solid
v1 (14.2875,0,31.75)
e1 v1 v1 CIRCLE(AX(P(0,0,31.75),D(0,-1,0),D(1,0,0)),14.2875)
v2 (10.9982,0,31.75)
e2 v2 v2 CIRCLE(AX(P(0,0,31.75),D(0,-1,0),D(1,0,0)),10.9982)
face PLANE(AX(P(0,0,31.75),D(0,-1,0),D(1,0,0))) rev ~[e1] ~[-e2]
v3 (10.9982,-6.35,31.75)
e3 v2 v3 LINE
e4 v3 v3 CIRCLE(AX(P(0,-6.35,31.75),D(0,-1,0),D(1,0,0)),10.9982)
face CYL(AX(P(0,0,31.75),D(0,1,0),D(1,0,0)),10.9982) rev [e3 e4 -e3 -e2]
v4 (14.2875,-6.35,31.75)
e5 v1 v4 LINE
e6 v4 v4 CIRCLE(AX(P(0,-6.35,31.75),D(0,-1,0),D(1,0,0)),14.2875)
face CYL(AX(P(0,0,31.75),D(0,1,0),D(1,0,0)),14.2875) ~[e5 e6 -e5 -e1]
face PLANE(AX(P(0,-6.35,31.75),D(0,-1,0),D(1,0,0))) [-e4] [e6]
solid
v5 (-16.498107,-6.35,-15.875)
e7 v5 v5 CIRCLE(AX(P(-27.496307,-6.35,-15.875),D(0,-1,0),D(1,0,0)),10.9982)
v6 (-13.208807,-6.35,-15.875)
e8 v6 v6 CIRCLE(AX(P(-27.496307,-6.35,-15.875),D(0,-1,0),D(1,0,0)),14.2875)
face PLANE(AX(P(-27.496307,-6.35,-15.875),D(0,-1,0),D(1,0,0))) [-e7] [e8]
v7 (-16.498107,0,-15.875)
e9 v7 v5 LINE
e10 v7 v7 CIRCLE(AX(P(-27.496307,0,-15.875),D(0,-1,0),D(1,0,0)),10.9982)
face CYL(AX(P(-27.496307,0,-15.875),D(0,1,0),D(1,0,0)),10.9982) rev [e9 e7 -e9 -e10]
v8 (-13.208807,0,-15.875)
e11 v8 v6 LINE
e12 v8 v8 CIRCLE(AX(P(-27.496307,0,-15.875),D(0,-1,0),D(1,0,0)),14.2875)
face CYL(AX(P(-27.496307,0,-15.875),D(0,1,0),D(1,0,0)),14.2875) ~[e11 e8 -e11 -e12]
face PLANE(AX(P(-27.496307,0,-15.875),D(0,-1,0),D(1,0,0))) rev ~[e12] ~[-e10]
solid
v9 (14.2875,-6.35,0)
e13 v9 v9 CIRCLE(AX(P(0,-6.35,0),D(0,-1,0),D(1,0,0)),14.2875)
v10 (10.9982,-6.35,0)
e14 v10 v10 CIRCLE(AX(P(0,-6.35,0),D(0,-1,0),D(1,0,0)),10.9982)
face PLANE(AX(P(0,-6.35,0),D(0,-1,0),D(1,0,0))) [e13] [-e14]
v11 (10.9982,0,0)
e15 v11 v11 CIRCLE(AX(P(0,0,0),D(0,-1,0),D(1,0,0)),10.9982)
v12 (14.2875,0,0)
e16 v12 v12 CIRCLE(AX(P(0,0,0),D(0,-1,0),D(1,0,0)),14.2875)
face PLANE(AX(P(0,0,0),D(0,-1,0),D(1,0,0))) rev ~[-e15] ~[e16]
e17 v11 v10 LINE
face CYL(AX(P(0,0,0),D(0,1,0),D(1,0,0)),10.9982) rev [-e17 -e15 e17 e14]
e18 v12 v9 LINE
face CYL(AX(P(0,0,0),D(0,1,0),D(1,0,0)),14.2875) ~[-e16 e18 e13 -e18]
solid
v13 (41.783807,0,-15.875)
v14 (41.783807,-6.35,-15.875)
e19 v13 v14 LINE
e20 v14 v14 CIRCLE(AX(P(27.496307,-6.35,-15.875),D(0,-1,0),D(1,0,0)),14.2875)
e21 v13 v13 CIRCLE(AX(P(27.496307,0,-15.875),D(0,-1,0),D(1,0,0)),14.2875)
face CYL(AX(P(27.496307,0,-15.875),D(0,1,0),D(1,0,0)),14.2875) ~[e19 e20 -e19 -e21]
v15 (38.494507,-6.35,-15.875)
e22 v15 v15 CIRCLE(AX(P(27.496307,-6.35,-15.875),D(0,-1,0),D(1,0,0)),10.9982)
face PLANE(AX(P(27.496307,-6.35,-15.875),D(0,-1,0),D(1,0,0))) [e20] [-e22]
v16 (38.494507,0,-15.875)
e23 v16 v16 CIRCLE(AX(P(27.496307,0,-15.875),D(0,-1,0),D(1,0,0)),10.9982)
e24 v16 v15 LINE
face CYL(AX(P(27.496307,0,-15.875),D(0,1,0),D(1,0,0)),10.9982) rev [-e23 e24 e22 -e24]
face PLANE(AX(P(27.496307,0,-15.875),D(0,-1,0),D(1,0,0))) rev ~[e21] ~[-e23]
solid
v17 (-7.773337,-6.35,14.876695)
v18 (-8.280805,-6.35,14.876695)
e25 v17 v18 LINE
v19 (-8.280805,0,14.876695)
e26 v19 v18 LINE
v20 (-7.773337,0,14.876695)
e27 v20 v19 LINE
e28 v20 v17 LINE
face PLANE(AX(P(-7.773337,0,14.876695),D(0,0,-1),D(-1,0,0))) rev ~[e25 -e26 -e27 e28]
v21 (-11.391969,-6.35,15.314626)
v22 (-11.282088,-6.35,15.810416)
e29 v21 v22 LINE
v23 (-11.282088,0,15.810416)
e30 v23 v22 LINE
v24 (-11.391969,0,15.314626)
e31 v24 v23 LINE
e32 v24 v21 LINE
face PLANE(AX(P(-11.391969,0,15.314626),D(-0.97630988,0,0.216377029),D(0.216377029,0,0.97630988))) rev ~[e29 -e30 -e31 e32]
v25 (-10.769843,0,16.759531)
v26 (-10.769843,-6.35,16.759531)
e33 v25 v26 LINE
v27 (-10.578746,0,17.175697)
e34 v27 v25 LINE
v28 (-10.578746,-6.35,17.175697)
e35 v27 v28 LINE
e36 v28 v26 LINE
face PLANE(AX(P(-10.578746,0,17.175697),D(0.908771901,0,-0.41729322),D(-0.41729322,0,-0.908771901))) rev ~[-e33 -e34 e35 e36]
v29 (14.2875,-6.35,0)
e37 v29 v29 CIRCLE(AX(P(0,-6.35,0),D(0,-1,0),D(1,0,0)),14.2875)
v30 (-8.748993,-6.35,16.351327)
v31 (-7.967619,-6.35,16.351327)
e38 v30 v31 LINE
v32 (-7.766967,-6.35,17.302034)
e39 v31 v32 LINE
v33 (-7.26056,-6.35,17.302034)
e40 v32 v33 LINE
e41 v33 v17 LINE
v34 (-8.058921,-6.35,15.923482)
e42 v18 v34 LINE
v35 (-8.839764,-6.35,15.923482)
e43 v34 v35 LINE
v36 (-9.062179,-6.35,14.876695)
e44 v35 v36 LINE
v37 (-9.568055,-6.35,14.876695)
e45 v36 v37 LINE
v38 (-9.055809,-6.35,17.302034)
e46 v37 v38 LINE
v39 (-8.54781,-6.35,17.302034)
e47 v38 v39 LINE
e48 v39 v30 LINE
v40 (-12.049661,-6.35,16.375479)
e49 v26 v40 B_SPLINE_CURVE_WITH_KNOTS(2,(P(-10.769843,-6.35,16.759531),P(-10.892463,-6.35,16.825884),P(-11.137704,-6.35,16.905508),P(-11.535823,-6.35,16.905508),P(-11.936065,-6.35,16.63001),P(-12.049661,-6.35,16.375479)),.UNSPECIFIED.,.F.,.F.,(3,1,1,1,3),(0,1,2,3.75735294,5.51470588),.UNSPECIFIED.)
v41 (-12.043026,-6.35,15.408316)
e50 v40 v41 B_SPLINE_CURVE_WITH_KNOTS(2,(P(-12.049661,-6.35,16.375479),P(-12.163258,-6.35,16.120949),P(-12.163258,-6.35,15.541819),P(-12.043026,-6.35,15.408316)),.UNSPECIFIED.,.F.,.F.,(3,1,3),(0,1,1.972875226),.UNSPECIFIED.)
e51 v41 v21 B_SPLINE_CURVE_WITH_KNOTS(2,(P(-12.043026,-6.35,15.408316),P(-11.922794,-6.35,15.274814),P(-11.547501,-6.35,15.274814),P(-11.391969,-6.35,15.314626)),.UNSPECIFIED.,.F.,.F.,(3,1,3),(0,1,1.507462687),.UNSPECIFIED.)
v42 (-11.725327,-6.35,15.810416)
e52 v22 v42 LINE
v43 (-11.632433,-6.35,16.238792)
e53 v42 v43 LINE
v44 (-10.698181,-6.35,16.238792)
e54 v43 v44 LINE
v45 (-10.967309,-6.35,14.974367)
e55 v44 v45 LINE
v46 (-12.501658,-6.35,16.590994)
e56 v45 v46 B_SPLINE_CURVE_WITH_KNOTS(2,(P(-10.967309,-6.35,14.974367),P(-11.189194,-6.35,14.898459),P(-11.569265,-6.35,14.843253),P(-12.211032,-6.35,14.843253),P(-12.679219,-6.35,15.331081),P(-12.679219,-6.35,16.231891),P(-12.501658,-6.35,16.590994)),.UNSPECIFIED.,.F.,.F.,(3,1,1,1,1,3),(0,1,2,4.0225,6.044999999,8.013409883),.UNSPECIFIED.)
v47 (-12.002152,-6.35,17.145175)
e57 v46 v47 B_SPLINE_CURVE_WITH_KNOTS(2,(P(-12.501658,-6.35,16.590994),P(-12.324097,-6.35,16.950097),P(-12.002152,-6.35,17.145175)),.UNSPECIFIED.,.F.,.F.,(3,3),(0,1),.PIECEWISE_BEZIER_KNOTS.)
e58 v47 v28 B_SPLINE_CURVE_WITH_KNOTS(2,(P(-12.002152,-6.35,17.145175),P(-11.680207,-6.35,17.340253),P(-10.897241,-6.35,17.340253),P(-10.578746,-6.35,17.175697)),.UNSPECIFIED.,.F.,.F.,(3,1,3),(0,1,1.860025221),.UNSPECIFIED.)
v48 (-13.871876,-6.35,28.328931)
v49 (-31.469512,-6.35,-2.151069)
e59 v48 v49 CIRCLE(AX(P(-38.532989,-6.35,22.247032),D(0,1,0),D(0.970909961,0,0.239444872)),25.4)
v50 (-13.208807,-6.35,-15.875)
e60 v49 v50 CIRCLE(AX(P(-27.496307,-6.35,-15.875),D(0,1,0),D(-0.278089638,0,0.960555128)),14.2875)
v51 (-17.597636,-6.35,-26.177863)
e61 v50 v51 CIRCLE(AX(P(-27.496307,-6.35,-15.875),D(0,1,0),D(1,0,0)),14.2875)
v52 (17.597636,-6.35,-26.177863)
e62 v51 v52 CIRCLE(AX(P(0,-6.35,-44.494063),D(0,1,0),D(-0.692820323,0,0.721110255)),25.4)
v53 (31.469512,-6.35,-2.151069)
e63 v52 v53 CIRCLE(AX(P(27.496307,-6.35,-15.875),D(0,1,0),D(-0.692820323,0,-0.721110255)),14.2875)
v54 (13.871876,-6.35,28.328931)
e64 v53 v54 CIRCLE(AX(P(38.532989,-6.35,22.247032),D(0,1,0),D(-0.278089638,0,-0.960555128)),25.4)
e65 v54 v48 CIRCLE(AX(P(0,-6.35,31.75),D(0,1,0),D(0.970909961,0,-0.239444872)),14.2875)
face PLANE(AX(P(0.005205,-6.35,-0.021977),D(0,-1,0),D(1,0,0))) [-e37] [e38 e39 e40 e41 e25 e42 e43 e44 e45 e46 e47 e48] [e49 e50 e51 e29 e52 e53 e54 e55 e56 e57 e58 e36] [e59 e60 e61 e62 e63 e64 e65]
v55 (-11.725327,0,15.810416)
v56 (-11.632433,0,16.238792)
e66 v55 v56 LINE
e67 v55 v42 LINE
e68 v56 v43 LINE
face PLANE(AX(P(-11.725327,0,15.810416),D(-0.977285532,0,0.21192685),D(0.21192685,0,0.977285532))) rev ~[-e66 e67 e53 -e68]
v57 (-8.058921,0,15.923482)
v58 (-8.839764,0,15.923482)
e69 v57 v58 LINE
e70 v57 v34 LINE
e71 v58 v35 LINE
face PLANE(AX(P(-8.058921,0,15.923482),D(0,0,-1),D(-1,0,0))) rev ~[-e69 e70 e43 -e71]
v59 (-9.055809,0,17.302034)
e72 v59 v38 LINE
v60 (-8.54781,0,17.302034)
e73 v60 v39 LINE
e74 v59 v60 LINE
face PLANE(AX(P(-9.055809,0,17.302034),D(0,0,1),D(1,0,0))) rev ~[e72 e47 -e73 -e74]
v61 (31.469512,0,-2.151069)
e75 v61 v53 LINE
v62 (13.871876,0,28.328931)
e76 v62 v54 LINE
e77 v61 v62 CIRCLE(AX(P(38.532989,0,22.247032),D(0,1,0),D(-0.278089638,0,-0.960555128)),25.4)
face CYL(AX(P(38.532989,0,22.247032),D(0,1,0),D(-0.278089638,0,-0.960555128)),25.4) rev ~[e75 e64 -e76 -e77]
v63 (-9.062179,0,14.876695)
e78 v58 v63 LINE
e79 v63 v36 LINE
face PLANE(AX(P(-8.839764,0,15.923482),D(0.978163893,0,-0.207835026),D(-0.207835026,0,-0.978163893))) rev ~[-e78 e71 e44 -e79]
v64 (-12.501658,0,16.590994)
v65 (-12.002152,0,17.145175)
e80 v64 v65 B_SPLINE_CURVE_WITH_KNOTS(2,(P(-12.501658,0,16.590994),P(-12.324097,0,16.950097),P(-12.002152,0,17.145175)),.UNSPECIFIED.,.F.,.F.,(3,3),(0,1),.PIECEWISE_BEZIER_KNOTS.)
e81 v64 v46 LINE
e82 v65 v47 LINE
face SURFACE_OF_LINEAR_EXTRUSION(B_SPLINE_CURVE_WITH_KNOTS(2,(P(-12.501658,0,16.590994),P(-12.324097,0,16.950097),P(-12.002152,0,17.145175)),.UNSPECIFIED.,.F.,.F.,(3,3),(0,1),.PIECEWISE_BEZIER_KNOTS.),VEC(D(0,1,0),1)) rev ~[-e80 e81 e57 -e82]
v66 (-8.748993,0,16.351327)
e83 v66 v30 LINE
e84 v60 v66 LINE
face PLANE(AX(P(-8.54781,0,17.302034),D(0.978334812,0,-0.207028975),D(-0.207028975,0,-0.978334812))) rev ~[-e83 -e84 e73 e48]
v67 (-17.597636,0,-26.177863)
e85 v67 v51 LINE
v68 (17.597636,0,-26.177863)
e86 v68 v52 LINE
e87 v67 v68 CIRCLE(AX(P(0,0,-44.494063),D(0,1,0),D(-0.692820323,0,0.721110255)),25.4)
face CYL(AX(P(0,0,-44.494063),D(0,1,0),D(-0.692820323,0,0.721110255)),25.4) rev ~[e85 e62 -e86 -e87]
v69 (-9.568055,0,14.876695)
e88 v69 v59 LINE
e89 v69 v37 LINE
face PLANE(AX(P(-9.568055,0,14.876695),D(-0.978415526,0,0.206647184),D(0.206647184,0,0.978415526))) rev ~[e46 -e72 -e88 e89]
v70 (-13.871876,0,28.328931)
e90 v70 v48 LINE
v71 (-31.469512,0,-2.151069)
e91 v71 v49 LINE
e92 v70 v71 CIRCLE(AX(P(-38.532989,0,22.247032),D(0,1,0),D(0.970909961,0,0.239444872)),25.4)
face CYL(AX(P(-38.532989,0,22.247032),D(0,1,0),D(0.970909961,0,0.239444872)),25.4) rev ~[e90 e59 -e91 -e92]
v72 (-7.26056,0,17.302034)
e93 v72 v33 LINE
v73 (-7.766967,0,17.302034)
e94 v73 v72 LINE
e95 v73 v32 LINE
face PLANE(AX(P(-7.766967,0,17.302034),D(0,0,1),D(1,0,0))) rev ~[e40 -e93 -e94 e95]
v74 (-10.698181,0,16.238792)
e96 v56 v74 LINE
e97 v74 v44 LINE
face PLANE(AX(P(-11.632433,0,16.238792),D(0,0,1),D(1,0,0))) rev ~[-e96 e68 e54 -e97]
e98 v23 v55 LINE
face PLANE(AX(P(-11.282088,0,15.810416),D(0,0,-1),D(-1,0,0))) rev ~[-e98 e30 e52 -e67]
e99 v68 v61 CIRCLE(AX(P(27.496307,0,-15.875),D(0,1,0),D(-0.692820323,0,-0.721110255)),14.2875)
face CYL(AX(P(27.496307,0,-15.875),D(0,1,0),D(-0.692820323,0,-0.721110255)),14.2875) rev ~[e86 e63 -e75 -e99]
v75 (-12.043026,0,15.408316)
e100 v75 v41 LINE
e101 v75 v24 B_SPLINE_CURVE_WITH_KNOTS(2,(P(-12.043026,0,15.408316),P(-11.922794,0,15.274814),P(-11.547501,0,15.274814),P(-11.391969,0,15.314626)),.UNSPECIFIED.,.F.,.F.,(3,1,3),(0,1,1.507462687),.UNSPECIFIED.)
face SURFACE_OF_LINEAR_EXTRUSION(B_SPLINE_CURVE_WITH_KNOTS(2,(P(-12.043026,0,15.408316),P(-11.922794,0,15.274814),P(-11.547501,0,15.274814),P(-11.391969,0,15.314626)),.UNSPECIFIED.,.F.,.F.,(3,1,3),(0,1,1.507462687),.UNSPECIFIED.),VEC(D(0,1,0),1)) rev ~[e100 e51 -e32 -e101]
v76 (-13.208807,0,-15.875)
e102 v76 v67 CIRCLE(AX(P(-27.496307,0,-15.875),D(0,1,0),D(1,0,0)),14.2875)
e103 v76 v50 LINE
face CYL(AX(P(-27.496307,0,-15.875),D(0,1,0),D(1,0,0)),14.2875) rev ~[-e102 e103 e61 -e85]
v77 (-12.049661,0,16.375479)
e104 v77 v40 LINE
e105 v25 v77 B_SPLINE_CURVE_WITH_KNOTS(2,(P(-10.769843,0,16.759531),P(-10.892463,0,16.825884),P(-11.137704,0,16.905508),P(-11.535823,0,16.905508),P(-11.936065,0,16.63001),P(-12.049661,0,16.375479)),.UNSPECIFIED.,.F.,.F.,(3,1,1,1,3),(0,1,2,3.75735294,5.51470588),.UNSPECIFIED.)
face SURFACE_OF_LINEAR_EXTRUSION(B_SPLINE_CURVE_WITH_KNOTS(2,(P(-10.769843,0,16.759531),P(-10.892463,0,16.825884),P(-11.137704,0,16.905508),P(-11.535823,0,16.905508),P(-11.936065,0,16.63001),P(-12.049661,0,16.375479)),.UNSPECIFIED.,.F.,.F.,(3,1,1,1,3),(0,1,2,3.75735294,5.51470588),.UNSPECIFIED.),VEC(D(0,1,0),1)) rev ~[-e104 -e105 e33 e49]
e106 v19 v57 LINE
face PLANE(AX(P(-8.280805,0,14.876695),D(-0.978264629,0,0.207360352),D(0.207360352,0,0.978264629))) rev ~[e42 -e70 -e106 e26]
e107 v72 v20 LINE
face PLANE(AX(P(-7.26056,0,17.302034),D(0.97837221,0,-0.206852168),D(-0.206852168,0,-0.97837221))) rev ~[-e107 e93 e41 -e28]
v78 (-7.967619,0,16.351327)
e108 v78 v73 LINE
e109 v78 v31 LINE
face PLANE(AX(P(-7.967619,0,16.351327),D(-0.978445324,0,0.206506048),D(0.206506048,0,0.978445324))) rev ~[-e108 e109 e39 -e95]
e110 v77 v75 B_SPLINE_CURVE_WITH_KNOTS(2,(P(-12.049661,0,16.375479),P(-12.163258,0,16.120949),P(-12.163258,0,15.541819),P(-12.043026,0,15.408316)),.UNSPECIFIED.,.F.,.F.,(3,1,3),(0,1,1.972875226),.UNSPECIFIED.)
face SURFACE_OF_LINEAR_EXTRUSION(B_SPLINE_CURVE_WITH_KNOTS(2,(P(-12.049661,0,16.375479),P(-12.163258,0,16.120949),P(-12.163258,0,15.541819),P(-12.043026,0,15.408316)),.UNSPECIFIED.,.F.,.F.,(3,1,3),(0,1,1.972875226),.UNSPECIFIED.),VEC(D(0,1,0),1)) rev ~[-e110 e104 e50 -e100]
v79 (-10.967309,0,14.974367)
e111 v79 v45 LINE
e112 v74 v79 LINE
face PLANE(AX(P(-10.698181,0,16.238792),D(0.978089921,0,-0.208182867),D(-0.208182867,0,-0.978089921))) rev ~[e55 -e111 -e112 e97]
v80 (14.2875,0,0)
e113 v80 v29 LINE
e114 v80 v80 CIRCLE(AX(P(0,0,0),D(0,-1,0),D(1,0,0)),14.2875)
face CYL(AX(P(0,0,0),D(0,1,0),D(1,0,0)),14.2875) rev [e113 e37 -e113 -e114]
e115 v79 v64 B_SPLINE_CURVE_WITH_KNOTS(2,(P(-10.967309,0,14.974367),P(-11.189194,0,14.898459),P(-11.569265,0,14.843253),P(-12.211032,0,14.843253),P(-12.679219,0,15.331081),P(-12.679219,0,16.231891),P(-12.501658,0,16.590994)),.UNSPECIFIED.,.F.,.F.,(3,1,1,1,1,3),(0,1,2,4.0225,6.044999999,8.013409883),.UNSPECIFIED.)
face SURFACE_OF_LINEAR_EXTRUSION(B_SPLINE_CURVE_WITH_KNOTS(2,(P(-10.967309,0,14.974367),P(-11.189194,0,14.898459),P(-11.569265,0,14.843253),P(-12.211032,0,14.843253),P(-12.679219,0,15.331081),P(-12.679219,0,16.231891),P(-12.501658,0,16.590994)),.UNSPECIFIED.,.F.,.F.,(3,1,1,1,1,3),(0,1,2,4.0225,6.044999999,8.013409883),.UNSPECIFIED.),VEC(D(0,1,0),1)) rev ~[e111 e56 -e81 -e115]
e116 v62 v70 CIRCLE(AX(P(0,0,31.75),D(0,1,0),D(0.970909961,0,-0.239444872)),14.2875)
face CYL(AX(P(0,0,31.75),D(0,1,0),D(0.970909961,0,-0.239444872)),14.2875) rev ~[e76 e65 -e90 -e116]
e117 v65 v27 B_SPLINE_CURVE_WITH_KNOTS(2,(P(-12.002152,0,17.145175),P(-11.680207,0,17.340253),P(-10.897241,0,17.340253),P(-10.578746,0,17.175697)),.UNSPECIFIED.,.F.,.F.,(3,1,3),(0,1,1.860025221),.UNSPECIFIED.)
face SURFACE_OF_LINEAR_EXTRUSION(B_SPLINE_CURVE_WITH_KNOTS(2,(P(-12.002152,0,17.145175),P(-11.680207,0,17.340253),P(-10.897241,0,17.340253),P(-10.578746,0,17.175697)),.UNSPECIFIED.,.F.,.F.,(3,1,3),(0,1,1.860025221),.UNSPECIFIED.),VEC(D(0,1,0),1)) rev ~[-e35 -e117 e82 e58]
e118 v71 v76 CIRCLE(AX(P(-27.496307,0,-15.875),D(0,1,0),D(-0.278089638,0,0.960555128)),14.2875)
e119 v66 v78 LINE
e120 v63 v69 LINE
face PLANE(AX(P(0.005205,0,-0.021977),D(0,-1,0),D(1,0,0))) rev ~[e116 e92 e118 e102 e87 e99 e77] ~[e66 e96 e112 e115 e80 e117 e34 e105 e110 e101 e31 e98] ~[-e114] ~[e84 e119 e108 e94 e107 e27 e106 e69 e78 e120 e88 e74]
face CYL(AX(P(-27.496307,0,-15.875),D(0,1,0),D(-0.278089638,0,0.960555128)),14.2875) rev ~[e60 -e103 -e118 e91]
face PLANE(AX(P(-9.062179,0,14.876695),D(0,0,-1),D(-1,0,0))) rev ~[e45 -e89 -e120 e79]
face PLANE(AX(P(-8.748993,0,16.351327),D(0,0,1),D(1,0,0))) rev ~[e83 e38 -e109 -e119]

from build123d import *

# Parameters (mm, degrees)
F0_R     = 14.2875
F0_R_2   = 10.9982
F3_DEPTH = 6.35
F1_R     = 14.2875
F1_R_2   = 10.9982
F2_R     = 14.2875


with BuildPart() as f3:
    # F0 (on Front) → F3 (new body)
    with BuildSketch(Plane.XZ):
        with Locations((0, 31.75)):
            Circle(F0_R)
        with Locations((0, 31.75)):
            Circle(F0_R_2, mode=Mode.SUBTRACT)
    extrude(amount=F3_DEPTH)


with BuildPart() as f3b:
    # F0 (on Front) → F3, piece 2 (new body)
    with BuildSketch(Plane.XZ):
        Circle(F0_R)
        Circle(F0_R_2, mode=Mode.SUBTRACT)
    extrude(amount=F3_DEPTH)


with BuildPart() as f3c:
    # F1 (on Front) → F3, piece 3 (new body)
    with BuildSketch(Plane.XZ):
        with Locations((-27.4963065702, -15.875)):
            Circle(F1_R)
        with Locations((-27.4963065702, -15.875)):
            Circle(F1_R_2, mode=Mode.SUBTRACT)
    extrude(amount=F3_DEPTH)


with BuildPart() as f3d:
    # F1 (on Front) → F3, piece 4 (new body)
    with BuildSketch(Plane.XZ):
        with Locations((27.4963065702, -15.875)):
            Circle(F1_R)
        with Locations((27.4963065702, -15.875)):
            Circle(F1_R_2, mode=Mode.SUBTRACT)
    extrude(amount=F3_DEPTH)


with BuildPart() as f3e:
    # F2 (on Front) → F3, piece 5 (new body)
    with BuildSketch(Plane.XZ):
        with BuildLine():
            ThreePointArc((-31.4695122777, -2.1510686152), (-18.912441482, -4.4535326513), (-13.2088065702, -15.875))
            ThreePointArc((-13.2088065702, -15.875), (-14.3517276668, -21.4743483284), (-17.5976362049, -26.1778627696))
            ThreePointArc((-17.5976362049, -26.1778627696), (0, -19.094063249), (17.5976362049, -26.1778627696))
            ThreePointArc((17.5976362049, -26.1778627696), (15.1229686136, -8.73125), (31.4695122777, -2.1510686152))
            ThreePointArc((31.4695122777, -2.1510686152), (16.5359438351, 9.5470316245), (13.8718760728, 28.3289313848))
            ThreePointArc((13.8718760728, 28.3289313848), (0, 17.4625), (-13.8718760728, 28.3289313848))
            ThreePointArc((-13.8718760728, 28.3289313848), (-16.5359438351, 9.5470316245), (-31.4695122777, -2.1510686152))
        make_face()
        Circle(F2_R, mode=Mode.SUBTRACT)
        with BuildLine():
            Line((-11.7253271455, 15.8104161092), (-11.6324328119, 16.2387916935))
            Line((-11.6324328119, 16.2387916935), (-10.6981812278, 16.2387916935))
            Line((-10.6981812278, 16.2387916935), (-10.967309383, 14.9743671063))
            add(Edge.make_bspline(
                [(-10.967309383, 14.9743671063), (-11.1891941342, 14.8984591651), (-11.3792293996, 14.8708562774)],
                knots=[0, 0, 0, 1, 1, 1], degree=2))
            add(Edge.make_bspline(
                [(-11.3792293996, 14.8708562774), (-11.569264665, 14.8432533897), (-11.7815945705, 14.8432533897)],
                knots=[0, 0, 0, 1, 1, 1], degree=2))
            add(Edge.make_bspline(
                [(-11.7815945705, 14.8432533897), (-12.2110318043, 14.8432533897), (-12.4451255251, 15.0871673686)],
                knots=[0, 0, 0, 1, 1, 1], degree=2))
            add(Edge.make_bspline(
                [(-12.4451255251, 15.0871673686), (-12.6792192459, 15.3310813475), (-12.6792192459, 15.7875906443)],
                knots=[0, 0, 0, 1, 1, 1], degree=2))
            add(Edge.make_bspline(
                [(-12.6792192459, 15.7875906443), (-12.6792192459, 16.2318909715), (-12.5016583625, 16.5909939242)],
                knots=[0, 0, 0, 1, 1, 1], degree=2))
            add(Edge.make_bspline(
                [(-12.5016583625, 16.5909939242), (-12.324097479, 16.9500968768), (-12.0021522598, 17.1451749775)],
                knots=[0, 0, 0, 1, 1, 1], degree=2))
            add(Edge.make_bspline(
                [(-12.0021522598, 17.1451749775), (-11.6802070406, 17.3402530781), (-11.259263003, 17.3402530781)],
                knots=[0, 0, 0, 1, 1, 1], degree=2))
            add(Edge.make_bspline(
                [(-11.259263003, 17.3402530781), (-10.8972405142, 17.3402530781), (-10.5787456559, 17.1756974014)],
                knots=[0, 0, 0, 1, 1, 1], degree=2))
            Line((-10.5787456559, 17.1756974014), (-10.7698425709, 16.7595307867))
            add(Edge.make_bspline(
                [(-10.7698425709, 16.7595307867), (-10.8924630913, 16.8258838821), (-11.0150836117, 16.8656957394)],
                knots=[0, 0, 0, 1, 1, 1], degree=2))
            add(Edge.make_bspline(
                [(-11.0150836117, 16.8656957394), (-11.1377041321, 16.9055075967), (-11.2820884679, 16.9055075967)],
                knots=[0, 0, 0, 1, 1, 1], degree=2))
            add(Edge.make_bspline(
                [(-11.2820884679, 16.9055075967), (-11.5358227049, 16.9055075967), (-11.7359436408, 16.7677585705)],
                knots=[0, 0, 0, 1, 1, 1], degree=2))
            add(Edge.make_bspline(
                [(-11.7359436408, 16.7677585705), (-11.9360645767, 16.6300095443), (-12.0496610762, 16.3754790701)],
                knots=[0, 0, 0, 1, 1, 1], degree=2))
            add(Edge.make_bspline(
                [(-12.0496610762, 16.3754790701), (-12.1632575756, 16.1209485959), (-12.1632575756, 15.8274025016)],
                knots=[0, 0, 0, 1, 1, 1], degree=2))
            add(Edge.make_bspline(
                [(-12.1632575756, 15.8274025016), (-12.1632575756, 15.5418187787), (-12.0430257666, 15.4083163507)],
                knots=[0, 0, 0, 1, 1, 1], degree=2))
            add(Edge.make_bspline(
                [(-12.0430257666, 15.4083163507), (-11.9227939576, 15.2748139226), (-11.6738371435, 15.2748139226)],
                knots=[0, 0, 0, 1, 1, 1], degree=2))
            add(Edge.make_bspline(
                [(-11.6738371435, 15.2748139226), (-11.5475008497, 15.2748139226), (-11.3919691939, 15.3146257799)],
                knots=[0, 0, 0, 1, 1, 1], degree=2))
            Line((-11.3919691939, 15.3146257799), (-11.2820884679, 15.8104161092))
            Line((-11.2820884679, 15.8104161092), (-11.7253271455, 15.8104161092))
        make_face(mode=Mode.SUBTRACT)
        Polygon((-7.2605600581, 17.3020336952), (-7.7733367798, 14.8766953498), (-8.2808052539, 14.8766953498), (-8.0589205027, 15.9234817838), (-8.8397637301, 15.9234817838), (-9.0621793061, 14.8766953498), (-9.5680553059, 14.8766953498), (-9.0558094089, 17.3020336952), (-8.54781011, 17.3020336952), (-8.7489926955, 16.3513265434), (-7.9676186433, 16.3513265434), (-7.7669668826, 17.3020336952), align=None, mode=Mode.SUBTRACT)
    extrude(amount=F3_DEPTH)


solid = Compound([f3.part, f3b.part, f3c.part, f3d.part, f3e.part])
